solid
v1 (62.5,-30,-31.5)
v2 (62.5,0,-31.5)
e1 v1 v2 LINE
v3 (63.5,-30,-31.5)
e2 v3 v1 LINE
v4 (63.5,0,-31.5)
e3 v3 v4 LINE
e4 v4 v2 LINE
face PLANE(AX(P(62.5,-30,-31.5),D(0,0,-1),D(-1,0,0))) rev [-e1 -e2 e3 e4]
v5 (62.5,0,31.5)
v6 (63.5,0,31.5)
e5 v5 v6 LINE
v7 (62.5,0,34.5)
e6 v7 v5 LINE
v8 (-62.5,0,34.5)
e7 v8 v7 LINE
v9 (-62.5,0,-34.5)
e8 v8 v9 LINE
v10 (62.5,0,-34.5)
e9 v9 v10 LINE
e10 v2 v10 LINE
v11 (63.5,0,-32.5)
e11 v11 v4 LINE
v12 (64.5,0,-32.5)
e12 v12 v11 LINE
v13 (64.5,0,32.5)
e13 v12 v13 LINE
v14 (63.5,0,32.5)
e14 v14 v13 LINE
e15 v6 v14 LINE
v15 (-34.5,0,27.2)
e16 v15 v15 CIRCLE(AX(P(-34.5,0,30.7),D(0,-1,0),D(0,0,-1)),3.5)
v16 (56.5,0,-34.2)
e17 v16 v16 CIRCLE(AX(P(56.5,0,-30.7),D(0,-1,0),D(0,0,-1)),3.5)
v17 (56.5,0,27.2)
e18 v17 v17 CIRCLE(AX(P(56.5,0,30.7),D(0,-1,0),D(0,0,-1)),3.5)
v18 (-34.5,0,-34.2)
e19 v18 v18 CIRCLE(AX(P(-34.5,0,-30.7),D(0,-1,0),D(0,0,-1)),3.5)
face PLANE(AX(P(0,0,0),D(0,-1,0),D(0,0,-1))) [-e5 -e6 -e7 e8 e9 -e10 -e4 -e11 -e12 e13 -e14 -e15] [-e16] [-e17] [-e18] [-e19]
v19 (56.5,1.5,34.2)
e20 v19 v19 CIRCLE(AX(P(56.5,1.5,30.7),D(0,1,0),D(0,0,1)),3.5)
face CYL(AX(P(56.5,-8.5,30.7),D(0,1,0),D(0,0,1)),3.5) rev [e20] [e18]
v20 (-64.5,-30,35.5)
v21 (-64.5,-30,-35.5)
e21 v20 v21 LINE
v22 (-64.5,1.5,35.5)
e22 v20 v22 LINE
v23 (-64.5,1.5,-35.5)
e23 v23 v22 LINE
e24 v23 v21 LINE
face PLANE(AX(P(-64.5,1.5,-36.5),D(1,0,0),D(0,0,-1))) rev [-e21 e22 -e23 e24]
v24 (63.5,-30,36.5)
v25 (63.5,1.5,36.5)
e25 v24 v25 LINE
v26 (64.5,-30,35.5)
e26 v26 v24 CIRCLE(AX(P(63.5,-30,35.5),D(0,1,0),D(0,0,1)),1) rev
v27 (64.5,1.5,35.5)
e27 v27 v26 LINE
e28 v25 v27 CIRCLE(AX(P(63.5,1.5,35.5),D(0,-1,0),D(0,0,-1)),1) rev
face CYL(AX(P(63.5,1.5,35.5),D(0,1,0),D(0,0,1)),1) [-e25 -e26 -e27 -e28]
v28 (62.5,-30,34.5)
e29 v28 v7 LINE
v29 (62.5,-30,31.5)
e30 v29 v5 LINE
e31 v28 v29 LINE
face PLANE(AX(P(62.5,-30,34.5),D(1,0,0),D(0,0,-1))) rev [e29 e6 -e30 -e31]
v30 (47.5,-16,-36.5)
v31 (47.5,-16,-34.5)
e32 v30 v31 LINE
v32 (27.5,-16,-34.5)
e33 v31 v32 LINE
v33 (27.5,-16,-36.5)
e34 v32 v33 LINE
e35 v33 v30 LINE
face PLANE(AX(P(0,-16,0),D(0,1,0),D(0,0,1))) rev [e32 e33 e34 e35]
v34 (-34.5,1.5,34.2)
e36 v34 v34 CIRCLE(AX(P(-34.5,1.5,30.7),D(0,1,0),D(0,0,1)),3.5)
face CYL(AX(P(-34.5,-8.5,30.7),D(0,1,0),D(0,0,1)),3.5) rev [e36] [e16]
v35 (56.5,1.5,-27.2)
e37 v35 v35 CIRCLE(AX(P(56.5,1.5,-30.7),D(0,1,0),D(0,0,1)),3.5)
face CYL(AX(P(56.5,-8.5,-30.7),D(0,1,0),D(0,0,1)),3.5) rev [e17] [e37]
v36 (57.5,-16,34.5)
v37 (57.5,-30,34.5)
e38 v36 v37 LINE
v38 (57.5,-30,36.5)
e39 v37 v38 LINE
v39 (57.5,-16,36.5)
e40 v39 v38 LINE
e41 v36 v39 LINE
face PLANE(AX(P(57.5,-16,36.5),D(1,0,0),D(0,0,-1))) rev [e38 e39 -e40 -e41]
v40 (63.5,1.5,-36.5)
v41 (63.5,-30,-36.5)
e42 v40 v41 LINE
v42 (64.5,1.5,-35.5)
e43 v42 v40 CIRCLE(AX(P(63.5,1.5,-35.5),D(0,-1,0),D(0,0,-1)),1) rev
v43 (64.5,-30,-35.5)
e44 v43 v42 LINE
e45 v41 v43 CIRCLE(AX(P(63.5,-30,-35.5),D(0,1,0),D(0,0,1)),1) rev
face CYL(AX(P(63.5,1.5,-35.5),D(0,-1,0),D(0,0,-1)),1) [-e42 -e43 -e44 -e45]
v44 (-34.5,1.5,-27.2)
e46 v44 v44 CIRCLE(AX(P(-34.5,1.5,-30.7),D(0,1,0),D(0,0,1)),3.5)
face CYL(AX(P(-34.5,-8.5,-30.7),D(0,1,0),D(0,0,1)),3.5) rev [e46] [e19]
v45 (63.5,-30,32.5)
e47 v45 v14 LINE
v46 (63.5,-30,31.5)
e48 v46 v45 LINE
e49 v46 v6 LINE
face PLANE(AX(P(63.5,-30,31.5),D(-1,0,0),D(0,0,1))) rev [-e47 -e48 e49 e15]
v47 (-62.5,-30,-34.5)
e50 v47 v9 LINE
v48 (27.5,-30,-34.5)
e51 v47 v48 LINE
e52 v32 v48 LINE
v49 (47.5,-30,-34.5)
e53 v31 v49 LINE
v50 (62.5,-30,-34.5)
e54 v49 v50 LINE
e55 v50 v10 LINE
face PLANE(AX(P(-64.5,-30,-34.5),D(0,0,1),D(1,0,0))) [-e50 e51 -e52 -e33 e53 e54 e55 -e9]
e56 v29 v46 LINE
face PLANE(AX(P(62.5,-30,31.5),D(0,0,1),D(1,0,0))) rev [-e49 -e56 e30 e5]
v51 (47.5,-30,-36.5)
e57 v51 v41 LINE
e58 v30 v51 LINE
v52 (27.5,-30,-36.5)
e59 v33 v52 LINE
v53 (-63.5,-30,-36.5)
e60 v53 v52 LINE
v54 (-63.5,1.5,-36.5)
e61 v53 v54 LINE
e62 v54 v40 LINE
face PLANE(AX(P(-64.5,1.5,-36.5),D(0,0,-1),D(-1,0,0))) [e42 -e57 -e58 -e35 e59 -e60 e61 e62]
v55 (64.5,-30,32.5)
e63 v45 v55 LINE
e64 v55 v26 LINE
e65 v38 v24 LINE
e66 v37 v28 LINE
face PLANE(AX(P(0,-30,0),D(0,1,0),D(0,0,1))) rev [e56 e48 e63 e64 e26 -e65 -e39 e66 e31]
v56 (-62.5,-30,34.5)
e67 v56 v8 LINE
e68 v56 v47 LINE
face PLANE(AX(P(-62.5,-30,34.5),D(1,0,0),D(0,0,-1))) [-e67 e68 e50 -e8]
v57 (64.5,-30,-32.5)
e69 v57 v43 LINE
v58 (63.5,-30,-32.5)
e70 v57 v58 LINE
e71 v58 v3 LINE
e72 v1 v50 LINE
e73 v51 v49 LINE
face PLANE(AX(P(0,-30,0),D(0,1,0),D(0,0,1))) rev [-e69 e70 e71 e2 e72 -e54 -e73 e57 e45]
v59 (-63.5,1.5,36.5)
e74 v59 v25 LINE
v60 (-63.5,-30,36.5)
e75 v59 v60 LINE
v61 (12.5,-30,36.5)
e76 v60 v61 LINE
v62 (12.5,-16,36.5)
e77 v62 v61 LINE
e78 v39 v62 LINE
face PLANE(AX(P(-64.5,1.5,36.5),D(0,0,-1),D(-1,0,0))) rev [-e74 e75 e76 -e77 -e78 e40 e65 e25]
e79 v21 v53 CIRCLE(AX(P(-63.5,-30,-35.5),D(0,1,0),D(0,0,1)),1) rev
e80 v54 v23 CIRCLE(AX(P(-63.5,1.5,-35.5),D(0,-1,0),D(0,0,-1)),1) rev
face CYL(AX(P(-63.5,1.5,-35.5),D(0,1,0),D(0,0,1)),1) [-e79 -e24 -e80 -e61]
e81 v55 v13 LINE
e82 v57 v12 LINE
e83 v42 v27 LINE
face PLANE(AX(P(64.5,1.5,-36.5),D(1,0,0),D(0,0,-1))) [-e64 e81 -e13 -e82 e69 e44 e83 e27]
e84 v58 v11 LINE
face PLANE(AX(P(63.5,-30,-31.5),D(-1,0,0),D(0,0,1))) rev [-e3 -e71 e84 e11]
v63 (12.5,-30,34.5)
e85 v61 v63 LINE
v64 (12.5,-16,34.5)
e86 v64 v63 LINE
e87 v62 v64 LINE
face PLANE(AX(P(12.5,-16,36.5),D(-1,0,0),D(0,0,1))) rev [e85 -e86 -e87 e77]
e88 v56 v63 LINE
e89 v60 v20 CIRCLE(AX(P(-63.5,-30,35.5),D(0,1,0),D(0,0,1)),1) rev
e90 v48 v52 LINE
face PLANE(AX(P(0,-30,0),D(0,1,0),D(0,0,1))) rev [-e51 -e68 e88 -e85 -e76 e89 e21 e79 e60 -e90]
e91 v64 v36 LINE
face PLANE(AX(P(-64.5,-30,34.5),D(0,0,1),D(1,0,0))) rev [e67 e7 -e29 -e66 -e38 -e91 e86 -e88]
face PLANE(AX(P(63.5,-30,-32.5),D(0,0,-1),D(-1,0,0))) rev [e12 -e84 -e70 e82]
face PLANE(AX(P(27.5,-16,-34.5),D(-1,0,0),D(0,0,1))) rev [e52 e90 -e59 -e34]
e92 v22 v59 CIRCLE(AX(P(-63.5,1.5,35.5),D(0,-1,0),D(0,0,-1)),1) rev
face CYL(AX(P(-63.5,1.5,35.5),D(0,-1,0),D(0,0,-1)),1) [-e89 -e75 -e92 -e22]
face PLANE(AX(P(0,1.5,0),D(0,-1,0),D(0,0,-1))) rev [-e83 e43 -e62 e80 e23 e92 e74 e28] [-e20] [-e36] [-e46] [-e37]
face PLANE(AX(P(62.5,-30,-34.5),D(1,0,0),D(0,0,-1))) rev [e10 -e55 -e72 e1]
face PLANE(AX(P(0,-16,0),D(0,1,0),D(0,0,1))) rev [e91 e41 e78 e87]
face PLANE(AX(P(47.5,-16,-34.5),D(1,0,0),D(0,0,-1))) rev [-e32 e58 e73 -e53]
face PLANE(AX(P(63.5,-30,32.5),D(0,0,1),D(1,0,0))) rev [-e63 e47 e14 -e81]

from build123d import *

# Parameters (mm, degrees)
SKETCH_2_W          = 129
SKETCH_2_H          = 73
EXTRUDE_1_DEPTH     = 1.5
SKETCH_2_4_W        = 2
SKETCH_2_4_H        = 69
EXTRUDE_2_DEPTH     = 30
SKETCH_2_5_W        = 129
SKETCH_2_5_H        = 2
EXTRUDE_3_DEPTH     = 30
SKETCH_2_6_W        = 129
SKETCH_2_6_H        = 2
EXTRUDE_4_DEPTH     = 30
SKETCH_5_W          = 45
SKETCH_5_H          = 2
CUT_EXTRUDE_2_DEPTH = 14
SKETCH_6_W          = 20
SKETCH_6_H          = 2
CUT_EXTRUDE_3_DEPTH = 14
FILLET_1_R          = 1
FILLET_2_R          = 1
FILLET_5_R          = 1
SKETCH_8_R          = 3.5
CUT_EXTRUDE_4_DEPTH = 10
FILLET_6_R          = 1
EXTRUDE_5_DEPTH     = 30


with BuildPart() as part:
    # 草图2 → 凸台-拉伸1 (new body)
    with BuildSketch(Plane(origin=(0, 0, 0), x_dir=(1, 0, 0), z_dir=(0, 1, 0))):
        Rectangle(SKETCH_2_W, SKETCH_2_H)
    extrude(amount=EXTRUDE_1_DEPTH)

    # 草图2<4> → 凸台-拉伸2 (add)
    with BuildSketch(Plane(origin=(0, 0, 0), x_dir=(1, 0, 0), z_dir=(0, 1, 0))):
        with Locations((-63.5, 0)):
            Rectangle(SKETCH_2_4_W, SKETCH_2_4_H)
    extrude(amount=-EXTRUDE_2_DEPTH)

    # 草图2<5> → 凸台-拉伸3 (add)
    with BuildSketch(Plane(origin=(0, 0, 0), x_dir=(1, 0, 0), z_dir=(0, 1, 0))):
        with Locations((0, 35.5)):
            Rectangle(SKETCH_2_5_W, SKETCH_2_5_H)
    extrude(amount=-EXTRUDE_3_DEPTH)

    # 草图2<6> → 凸台-拉伸4 (add)
    with BuildSketch(Plane(origin=(0, 0, 0), x_dir=(1, 0, 0), z_dir=(0, 1, 0))):
        with Locations((0, -35.5)):
            Rectangle(SKETCH_2_6_W, SKETCH_2_6_H)
    extrude(amount=-EXTRUDE_4_DEPTH)

    # 草图5 → 切除-拉伸2 (cut)
    with BuildSketch(Plane.XZ.offset(30)):
        with Locations((35, 35.5)):
            Rectangle(SKETCH_5_W, SKETCH_5_H)
    extrude(amount=-CUT_EXTRUDE_2_DEPTH, mode=Mode.SUBTRACT)

    # 草图6 → 切除-拉伸3 (cut)
    with BuildSketch(Plane.XZ.offset(30)):
        with Locations((37.5, -35.5)):
            Rectangle(SKETCH_6_W, SKETCH_6_H)
    extrude(amount=-CUT_EXTRUDE_3_DEPTH, mode=Mode.SUBTRACT)

    # 圆角1
    fillet_1_edges = [part.edges().sort_by_distance(p)[0] for p in [
        (-64.5, -14.25, -36.5),
    ]]
    fillet(fillet_1_edges, radius=FILLET_1_R)

    # 圆角2
    fillet_2_edges = [part.edges().sort_by_distance(p)[0] for p in [
        (-64.5, -14.25, 36.5),
    ]]
    fillet(fillet_2_edges, radius=FILLET_2_R)

    # 圆角5
    fillet_5_edges = [part.edges().sort_by_distance(p)[0] for p in [
        (64.5, -14.25, 36.5),
    ]]
    fillet(fillet_5_edges, radius=FILLET_5_R)

    # 草图8 → 切除-拉伸4 (cut)
    with BuildSketch(Plane(origin=(0, 1.5, 0), x_dir=(1, 0, 0), z_dir=(0, 1, 0))):
        with Locations((-34.5, 30.7)):
            Circle(SKETCH_8_R)
        with Locations((56.5, 30.7)):
            Circle(SKETCH_8_R)
        with Locations((-34.5, -30.7)):
            Circle(SKETCH_8_R)
        with Locations((56.5, -30.7)):
            Circle(SKETCH_8_R)
    extrude(amount=-CUT_EXTRUDE_4_DEPTH, mode=Mode.SUBTRACT)

    # 圆角6
    fillet_6_edges = [part.edges().sort_by_distance(p)[0] for p in [
        (64.5, -14.25, -36.5),
    ]]
    fillet(fillet_6_edges, radius=FILLET_6_R)

    # 草图9 → 凸台-拉伸5 (add)
    with BuildSketch(Plane.XZ):
        Polygon((62.5, 34.5), (64.5, 34.5), (64.5, 32.5), (63.5, 32.5), (63.5, 31.5), (62.5, 31.5), align=None)
        Polygon((62.5, -34.5), (62.5, -31.5), (63.5, -31.5), (63.5, -32.5), (64.5, -32.5), (64.5, -34.5), align=None)
    extrude(amount=EXTRUDE_5_DEPTH)


solid = part.part
